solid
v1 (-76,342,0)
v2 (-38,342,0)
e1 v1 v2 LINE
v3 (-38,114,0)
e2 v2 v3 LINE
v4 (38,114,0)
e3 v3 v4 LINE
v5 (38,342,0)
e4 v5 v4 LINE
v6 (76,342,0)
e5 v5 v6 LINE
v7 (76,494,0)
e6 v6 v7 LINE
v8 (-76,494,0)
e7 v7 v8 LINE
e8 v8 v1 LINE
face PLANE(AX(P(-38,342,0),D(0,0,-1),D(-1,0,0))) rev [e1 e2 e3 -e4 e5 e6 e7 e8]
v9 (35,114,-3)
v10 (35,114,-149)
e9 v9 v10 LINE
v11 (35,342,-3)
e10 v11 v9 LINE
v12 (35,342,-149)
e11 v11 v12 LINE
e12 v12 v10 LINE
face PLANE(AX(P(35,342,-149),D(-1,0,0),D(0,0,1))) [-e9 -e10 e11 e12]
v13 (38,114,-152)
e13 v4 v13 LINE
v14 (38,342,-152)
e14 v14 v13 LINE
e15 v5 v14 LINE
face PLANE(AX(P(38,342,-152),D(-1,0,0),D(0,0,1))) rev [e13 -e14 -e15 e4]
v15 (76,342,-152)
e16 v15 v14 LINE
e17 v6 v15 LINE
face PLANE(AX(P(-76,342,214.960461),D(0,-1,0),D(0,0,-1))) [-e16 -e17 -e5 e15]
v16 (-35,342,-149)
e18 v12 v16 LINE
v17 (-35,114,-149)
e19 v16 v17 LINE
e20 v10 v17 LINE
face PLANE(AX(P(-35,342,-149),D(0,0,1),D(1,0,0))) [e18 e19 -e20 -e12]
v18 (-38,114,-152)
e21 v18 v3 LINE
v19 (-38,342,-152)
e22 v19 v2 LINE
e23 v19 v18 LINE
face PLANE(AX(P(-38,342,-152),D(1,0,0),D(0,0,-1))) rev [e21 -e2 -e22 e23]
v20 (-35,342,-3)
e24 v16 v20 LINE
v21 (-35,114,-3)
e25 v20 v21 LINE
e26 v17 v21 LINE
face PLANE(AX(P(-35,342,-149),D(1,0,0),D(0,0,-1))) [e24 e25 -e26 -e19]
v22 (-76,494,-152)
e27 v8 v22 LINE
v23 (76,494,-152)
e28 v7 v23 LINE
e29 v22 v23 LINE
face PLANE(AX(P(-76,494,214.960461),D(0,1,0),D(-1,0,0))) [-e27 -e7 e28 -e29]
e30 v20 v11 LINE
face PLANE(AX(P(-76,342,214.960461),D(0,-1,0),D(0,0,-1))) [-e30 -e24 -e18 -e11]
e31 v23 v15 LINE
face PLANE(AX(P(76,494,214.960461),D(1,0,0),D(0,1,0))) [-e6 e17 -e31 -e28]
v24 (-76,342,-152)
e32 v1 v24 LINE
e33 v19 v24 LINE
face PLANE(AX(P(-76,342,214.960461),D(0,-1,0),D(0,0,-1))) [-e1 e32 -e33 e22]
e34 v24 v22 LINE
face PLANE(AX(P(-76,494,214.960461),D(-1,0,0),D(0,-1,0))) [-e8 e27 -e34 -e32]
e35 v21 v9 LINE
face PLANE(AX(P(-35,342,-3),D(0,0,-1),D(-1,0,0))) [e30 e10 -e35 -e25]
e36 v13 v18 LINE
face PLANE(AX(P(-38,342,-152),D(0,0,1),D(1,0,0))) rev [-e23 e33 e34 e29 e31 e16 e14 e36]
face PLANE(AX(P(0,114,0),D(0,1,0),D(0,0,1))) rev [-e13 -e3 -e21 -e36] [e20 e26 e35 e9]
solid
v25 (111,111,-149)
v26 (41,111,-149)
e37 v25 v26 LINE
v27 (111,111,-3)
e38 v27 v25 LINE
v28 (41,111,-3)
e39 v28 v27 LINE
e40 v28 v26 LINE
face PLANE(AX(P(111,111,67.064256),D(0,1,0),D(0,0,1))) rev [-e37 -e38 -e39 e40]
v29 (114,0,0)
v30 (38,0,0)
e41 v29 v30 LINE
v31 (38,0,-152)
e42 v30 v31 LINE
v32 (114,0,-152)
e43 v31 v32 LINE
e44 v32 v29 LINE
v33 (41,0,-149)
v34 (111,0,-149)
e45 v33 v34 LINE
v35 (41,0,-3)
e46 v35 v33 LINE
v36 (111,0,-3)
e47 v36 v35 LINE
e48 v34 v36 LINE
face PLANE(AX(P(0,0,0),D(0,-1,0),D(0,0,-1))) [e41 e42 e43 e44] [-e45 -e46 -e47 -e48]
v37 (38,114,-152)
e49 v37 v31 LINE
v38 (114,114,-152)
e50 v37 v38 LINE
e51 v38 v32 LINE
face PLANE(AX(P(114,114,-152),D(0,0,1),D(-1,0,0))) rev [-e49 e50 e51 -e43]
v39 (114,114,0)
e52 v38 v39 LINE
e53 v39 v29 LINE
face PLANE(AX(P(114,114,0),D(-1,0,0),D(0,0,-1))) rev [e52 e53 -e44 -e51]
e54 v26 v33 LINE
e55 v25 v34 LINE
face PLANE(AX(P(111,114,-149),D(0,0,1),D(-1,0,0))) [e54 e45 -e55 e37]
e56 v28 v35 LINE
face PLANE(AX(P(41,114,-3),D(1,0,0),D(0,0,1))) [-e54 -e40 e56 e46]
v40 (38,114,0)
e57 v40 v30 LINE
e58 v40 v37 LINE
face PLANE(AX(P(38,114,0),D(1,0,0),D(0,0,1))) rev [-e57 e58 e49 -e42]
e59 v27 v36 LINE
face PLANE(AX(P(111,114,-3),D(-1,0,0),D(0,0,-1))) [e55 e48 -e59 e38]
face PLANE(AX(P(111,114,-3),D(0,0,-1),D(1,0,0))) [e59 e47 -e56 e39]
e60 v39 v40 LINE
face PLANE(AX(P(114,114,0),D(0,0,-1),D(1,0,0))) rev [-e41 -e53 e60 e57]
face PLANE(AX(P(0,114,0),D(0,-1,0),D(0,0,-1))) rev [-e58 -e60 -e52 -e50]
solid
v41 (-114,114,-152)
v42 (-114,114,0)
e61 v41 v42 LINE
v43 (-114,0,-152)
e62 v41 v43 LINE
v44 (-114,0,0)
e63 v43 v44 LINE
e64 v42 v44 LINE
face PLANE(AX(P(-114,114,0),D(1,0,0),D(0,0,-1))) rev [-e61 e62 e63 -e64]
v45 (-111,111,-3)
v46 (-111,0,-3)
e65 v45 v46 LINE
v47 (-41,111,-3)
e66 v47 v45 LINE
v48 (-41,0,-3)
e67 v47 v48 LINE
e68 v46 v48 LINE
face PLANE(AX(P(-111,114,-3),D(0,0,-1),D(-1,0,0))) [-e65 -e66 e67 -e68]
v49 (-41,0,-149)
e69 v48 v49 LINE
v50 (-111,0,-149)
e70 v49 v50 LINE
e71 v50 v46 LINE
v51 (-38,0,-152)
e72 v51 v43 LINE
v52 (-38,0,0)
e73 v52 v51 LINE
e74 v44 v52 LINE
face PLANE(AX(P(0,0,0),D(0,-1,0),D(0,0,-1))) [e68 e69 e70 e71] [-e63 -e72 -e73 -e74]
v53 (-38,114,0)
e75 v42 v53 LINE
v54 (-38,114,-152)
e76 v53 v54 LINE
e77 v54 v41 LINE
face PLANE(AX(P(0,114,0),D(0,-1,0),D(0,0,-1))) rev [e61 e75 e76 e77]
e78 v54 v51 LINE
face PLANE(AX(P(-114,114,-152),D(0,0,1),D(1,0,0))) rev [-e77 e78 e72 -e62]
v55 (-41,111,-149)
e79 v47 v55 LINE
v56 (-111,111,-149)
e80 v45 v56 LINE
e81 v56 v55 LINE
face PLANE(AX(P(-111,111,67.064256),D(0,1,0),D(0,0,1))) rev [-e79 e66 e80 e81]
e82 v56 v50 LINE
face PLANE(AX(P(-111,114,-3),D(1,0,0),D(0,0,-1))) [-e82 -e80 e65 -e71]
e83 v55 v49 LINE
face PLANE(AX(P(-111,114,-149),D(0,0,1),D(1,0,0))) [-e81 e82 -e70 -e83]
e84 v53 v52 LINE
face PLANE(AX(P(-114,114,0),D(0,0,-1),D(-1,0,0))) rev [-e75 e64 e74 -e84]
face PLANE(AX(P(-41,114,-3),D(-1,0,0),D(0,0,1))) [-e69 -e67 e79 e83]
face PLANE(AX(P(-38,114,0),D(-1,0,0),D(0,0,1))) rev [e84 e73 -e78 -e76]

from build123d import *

# Parameters (mm, degrees)
SKETCH1_W           = 76
SKETCH1_H           = 152
SKETCH1_W_2         = 70
SKETCH1_H_2         = 146
BOSS_EXTRUDE1_DEPTH = 114
SKETCH4_W           = 70
SKETCH4_H           = 3
BOSS_EXTRUDE2_DEPTH = 146
SKETCH5_W           = 76
SKETCH5_H           = 152
SKETCH5_W_2         = 70
SKETCH5_H_2         = 146
BOSS_EXTRUDE3_DEPTH = 228
SKETCH6_W           = 152
SKETCH6_H           = 152
BOSS_EXTRUDE4_DEPTH = 152


with BuildPart() as part:
    # Sketch1 → Boss-Extrude1 (new body)
    with BuildSketch(Plane(origin=(0, 0, 0), x_dir=(1, 0, 0), z_dir=(0, 1, 0))):
        with Locations((-76, 76)):
            Rectangle(SKETCH1_W, SKETCH1_H)
        with Locations((-76, 76)):
            Rectangle(SKETCH1_W_2, SKETCH1_H_2, mode=Mode.SUBTRACT)
    extrude(amount=BOSS_EXTRUDE1_DEPTH)

    # Sketch4 → Boss-Extrude2 (add)
    with BuildSketch(Plane.XY.offset(-149)):
        with Locations((-76, 112.5)):
            Rectangle(SKETCH4_W, SKETCH4_H)
    extrude(amount=BOSS_EXTRUDE2_DEPTH)


with BuildPart() as body_2:
    # Mirror2: mirrored copy
    add(part.part.mirror(Plane(origin=(0, 0, 0), x_dir=(0, 0, 1), z_dir=(1, 0, 0))))


with BuildPart() as body_3:
    # Sketch5 → Boss-Extrude3 (new body)
    with BuildSketch(Plane(origin=(0, 114, 0), x_dir=(1, 0, 0), z_dir=(0, 1, 0))):
        with Locations((0, 76)):
            Rectangle(SKETCH5_W, SKETCH5_H)
        with Locations((0, 76)):
            Rectangle(SKETCH5_W_2, SKETCH5_H_2, mode=Mode.SUBTRACT)
    extrude(amount=BOSS_EXTRUDE3_DEPTH)

    # Sketch6 → Boss-Extrude4 (add)
    with BuildSketch(Plane(origin=(0, 0, -152), x_dir=(-1, 0, 0), z_dir=(0, 0, -1))):
        with Locations((0, 418)):
            Rectangle(SKETCH6_W, SKETCH6_H)
    extrude(amount=-BOSS_EXTRUDE4_DEPTH)


solid = Compound([part.part, body_2.part, body_3.part])
